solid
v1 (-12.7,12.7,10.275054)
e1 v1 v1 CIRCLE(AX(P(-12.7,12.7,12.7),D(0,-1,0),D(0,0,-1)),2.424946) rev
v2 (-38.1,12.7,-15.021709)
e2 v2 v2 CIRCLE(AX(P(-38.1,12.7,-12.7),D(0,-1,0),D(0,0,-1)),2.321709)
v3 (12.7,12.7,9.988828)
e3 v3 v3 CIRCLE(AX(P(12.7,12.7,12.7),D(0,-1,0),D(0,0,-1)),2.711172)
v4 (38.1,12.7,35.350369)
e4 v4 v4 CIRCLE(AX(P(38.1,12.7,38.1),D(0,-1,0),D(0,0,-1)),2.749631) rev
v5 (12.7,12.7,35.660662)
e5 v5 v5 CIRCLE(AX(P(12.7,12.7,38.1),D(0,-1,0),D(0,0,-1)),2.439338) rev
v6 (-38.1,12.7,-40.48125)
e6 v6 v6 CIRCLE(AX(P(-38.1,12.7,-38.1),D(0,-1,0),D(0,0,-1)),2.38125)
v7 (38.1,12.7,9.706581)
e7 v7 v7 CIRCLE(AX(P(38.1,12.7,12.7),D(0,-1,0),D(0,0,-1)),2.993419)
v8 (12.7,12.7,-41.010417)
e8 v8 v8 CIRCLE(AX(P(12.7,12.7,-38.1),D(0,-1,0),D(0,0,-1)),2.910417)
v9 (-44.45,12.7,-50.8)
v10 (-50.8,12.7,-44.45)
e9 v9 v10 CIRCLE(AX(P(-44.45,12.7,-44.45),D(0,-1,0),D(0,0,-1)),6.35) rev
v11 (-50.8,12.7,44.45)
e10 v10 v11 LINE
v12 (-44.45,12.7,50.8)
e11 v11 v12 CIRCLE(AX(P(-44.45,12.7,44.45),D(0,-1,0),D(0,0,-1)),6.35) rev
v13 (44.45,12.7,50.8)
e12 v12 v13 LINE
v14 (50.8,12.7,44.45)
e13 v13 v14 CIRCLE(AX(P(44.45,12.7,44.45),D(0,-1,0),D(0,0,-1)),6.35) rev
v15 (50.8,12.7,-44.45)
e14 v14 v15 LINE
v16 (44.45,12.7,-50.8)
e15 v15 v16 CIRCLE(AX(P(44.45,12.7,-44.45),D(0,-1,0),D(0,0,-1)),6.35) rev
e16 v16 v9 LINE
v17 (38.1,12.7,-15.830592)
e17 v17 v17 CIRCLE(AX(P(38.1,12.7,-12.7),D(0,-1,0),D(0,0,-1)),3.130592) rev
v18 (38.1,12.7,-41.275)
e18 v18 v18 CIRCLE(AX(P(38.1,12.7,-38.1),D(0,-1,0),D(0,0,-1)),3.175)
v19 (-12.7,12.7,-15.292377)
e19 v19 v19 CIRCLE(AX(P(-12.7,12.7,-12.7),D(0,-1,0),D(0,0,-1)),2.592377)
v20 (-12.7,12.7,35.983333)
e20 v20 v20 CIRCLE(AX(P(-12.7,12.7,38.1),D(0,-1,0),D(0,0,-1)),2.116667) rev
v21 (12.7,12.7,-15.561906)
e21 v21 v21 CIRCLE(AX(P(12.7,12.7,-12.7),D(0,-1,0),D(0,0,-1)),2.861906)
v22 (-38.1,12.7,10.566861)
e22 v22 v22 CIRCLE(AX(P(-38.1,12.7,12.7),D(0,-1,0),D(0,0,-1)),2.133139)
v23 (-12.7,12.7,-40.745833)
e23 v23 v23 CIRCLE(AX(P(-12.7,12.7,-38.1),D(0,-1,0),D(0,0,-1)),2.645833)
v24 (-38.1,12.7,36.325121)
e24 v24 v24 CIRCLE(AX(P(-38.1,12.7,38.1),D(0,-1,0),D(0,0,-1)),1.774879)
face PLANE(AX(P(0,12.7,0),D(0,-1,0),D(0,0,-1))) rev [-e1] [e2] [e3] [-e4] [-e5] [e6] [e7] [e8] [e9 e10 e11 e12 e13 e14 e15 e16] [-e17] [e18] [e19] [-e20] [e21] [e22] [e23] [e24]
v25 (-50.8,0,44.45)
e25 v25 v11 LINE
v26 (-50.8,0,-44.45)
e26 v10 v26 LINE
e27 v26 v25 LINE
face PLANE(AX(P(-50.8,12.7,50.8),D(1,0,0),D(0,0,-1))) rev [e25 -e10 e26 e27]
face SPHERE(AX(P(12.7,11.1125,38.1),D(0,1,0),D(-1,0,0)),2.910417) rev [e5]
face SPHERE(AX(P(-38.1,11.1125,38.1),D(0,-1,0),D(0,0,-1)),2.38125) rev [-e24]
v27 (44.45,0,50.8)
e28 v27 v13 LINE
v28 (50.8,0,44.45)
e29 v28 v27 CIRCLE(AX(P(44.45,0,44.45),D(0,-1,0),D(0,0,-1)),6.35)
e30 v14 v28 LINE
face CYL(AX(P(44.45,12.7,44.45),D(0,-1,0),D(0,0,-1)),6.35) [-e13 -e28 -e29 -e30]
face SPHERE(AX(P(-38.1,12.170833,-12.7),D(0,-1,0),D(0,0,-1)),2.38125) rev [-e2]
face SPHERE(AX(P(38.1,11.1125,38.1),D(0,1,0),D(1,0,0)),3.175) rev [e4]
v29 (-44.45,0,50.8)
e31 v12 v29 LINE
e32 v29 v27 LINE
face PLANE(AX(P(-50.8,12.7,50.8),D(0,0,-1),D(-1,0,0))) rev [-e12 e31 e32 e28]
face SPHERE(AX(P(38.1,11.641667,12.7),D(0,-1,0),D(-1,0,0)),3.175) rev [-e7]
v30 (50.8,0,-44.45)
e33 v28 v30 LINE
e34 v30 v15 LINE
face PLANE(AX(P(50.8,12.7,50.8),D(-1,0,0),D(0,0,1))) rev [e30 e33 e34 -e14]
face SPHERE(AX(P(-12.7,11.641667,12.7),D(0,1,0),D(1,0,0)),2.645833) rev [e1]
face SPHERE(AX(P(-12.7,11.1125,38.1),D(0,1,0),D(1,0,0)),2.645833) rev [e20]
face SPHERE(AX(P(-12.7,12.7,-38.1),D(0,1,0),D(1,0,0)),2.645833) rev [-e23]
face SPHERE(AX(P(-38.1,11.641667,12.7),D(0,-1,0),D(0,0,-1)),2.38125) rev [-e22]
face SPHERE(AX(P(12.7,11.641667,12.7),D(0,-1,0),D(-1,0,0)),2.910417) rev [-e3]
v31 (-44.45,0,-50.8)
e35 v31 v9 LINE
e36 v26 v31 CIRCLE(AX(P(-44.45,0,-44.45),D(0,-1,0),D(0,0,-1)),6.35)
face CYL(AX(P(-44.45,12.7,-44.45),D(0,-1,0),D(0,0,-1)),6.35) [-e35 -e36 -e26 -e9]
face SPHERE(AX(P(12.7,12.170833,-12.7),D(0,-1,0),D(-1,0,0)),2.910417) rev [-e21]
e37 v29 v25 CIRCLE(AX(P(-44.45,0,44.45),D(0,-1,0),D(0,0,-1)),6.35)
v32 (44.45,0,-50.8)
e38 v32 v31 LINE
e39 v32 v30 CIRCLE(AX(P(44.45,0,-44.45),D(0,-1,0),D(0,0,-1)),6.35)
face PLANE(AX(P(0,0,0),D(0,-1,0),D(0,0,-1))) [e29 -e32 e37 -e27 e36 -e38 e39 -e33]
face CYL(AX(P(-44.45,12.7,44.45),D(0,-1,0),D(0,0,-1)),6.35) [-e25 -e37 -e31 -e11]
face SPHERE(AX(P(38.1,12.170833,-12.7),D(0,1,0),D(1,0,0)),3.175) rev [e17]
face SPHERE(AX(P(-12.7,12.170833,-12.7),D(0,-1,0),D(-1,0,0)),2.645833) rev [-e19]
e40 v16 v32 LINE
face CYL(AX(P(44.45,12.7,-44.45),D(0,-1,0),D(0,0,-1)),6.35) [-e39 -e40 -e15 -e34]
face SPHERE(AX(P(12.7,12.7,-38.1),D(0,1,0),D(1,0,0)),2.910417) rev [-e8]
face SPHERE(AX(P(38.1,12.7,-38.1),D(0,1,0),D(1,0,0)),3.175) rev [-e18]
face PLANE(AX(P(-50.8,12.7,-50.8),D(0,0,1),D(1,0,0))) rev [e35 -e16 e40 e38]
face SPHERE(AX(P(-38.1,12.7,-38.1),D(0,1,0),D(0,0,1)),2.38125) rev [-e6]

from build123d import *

# Parameters (mm, degrees)
SKETCH1_W           = 101.6
SKETCH1_H           = 101.6
BOSS_EXTRUDE1_DEPTH = 12.7
FILLET1_R           = 6.35


with BuildPart() as part:
    # Sketch1 → Boss-Extrude1 (new body)
    with BuildSketch(Plane(origin=(0, 0, 0), x_dir=(1, 0, 0), z_dir=(0, 1, 0))):
        Rectangle(SKETCH1_W, SKETCH1_H)
    extrude(amount=BOSS_EXTRUDE1_DEPTH)

    # Sketch3 → Cut-Revolve2 (revolve, cut)
    with BuildSketch(Plane.ZY.offset(38.1)):
        with BuildLine():
            Line((-38.1, 15.08125), (-38.1, 10.31875))
            ThreePointArc((-38.1, 10.31875), (-40.48125, 12.7), (-38.1, 15.08125))
        make_face()
    revolve(axis=Axis((-38.1, 13.335, -38.1), (0, -1, 0)), mode=Mode.SUBTRACT)

    # Sketch4 → Cut-Revolve3 (revolve, cut)
    with BuildSketch(Plane.ZY.offset(38.1)):
        with BuildLine():
            Line((38.1, 13.49375), (38.1, 8.73125))
            ThreePointArc((38.1, 8.73125), (40.48125, 11.1125), (38.1, 13.49375))
        make_face()
    revolve(axis=Axis((-38.1, -0.635, 38.1), (0, 1, 0)), mode=Mode.SUBTRACT)

    # Sketch5 → Cut-Revolve4 (revolve, cut)
    with BuildSketch(Plane.ZY.offset(38.1)):
        with BuildLine():
            Line((12.7, 14.022916667), (12.7, 9.260416667))
            ThreePointArc((12.7, 9.260416667), (15.08125, 11.641666667), (12.7, 14.022916667))
        make_face()
    revolve(axis=Axis((-38.1, -0.635, 12.7), (0, 1, 0)), mode=Mode.SUBTRACT)

    # Sketch6 → Cut-Revolve5 (revolve, cut)
    with BuildSketch(Plane.ZY.offset(38.1)):
        with BuildLine():
            Line((-12.7, 14.552083333), (-12.7, 9.789583333))
            ThreePointArc((-12.7, 9.789583333), (-10.31875, 12.170833333), (-12.7, 14.552083333))
        make_face()
    revolve(axis=Axis((-38.1, -0.635, -12.7), (0, 1, 0)), mode=Mode.SUBTRACT)

    # Sketch7 → Cut-Revolve6 (revolve, cut)
    with BuildSketch(Plane.XY.offset(-38.1)):
        with BuildLine():
            Line((-12.7, 15.345833329), (-12.7, 10.054166671))
            ThreePointArc((-12.7, 10.054166671), (-15.345833329, 12.7), (-12.7, 15.345833329))
        make_face()
    revolve(axis=Axis((-12.7, 13.335, -38.1), (0, -1, 0)), mode=Mode.SUBTRACT)

    # Sketch8 → Cut-Revolve7 (revolve, cut)
    with BuildSketch(Plane.XY.offset(-38.1)):
        with BuildLine():
            Line((12.7, 15.610416667), (12.7, 9.789583333))
            ThreePointArc((12.7, 9.789583333), (9.789583333, 12.7), (12.7, 15.610416667))
        make_face()
    revolve(axis=Axis((12.7, 13.335, -38.1), (0, -1, 0)), mode=Mode.SUBTRACT)

    # Sketch9 → Cut-Revolve8 (revolve, cut)
    with BuildSketch(Plane.XY.offset(-38.1)):
        with BuildLine():
            Line((38.1, 15.875), (38.1, 9.525))
            ThreePointArc((38.1, 9.525), (34.925, 12.7), (38.1, 15.875))
        make_face()
    revolve(axis=Axis((38.1, 13.335, -38.1), (0, -1, 0)), mode=Mode.SUBTRACT)

    # Sketch10 → Cut-Revolve9 (revolve, cut)
    with BuildSketch(Plane.XY.offset(-12.7)):
        with BuildLine():
            Line((-12.7, 14.816666666), (-12.7, 9.525))
            ThreePointArc((-12.7, 9.525), (-10.054166667, 12.170833333), (-12.7, 14.816666666))
        make_face()
    revolve(axis=Axis((-12.7, -0.635, -12.7), (0, 1, 0)), mode=Mode.SUBTRACT)

    # Sketch11 → Cut-Revolve10 (revolve, cut)
    with BuildSketch(Plane.XY.offset(-12.7)):
        with BuildLine():
            Line((12.7, 15.08125), (12.7, 9.260416667))
            ThreePointArc((12.7, 9.260416667), (15.610416667, 12.170833333), (12.7, 15.08125))
        make_face()
    revolve(axis=Axis((12.7, -0.635, -12.7), (0, 1, 0)), mode=Mode.SUBTRACT)

    # Sketch12 → Cut-Revolve11 (revolve, cut)
    with BuildSketch(Plane.XY.offset(-12.7)):
        with BuildLine():
            Line((38.1, 15.345833333), (38.1, 8.995833333))
            ThreePointArc((38.1, 8.995833333), (41.275, 12.170833333), (38.1, 15.345833333))
        make_face()
    revolve(axis=Axis((38.1, 13.335, -12.7), (0, -1, 0)), mode=Mode.SUBTRACT)

    # Sketch14 → Cut-Revolve12 (revolve, cut)
    with BuildSketch(Plane.XY.offset(12.7)):
        with BuildLine():
            Line((-12.7, 14.2875), (-12.7, 8.995833333))
            ThreePointArc((-12.7, 8.995833333), (-10.054166667, 11.641666667), (-12.7, 14.2875))
        make_face()
    revolve(axis=Axis((-12.7, 13.335, 12.7), (0, -1, 0)), mode=Mode.SUBTRACT)

    # Sketch15 → Cut-Revolve13 (revolve, cut)
    with BuildSketch(Plane.XY.offset(12.7)):
        with BuildLine():
            Line((12.7, 14.552083333), (12.7, 8.73125))
            ThreePointArc((12.7, 8.73125), (15.610416667, 11.641666667), (12.7, 14.552083333))
        make_face()
    revolve(axis=Axis((12.7, -0.635, 12.7), (0, 1, 0)), mode=Mode.SUBTRACT)

    # Sketch16 → Cut-Revolve14 (revolve, cut)
    with BuildSketch(Plane.XY.offset(12.7)):
        with BuildLine():
            Line((38.1, 14.816666667), (38.1, 8.466666667))
            ThreePointArc((38.1, 8.466666667), (41.275, 11.641666667), (38.1, 14.816666667))
        make_face()
    revolve(axis=Axis((38.1, -0.635, 12.7), (0, 1, 0)), mode=Mode.SUBTRACT)

    # Sketch17 → Cut-Revolve15 (revolve, cut)
    with BuildSketch(Plane.XY.offset(38.1)):
        with BuildLine():
            Line((-12.7, 13.758333333), (-12.7, 8.466666667))
            ThreePointArc((-12.7, 8.466666667), (-10.054166667, 11.1125), (-12.7, 13.758333333))
        make_face()
    revolve(axis=Axis((-12.7, 13.335, 38.1), (0, -1, 0)), mode=Mode.SUBTRACT)

    # Sketch18 → Cut-Revolve16 (revolve, cut)
    with BuildSketch(Plane.XY.offset(38.1)):
        with BuildLine():
            Line((12.7, 14.022916667), (12.7, 8.202083333))
            ThreePointArc((12.7, 8.202083333), (15.610416667, 11.1125), (12.7, 14.022916667))
        make_face()
    revolve(axis=Axis((12.7, 13.335, 38.1), (0, -1, 0)), mode=Mode.SUBTRACT)

    # Sketch19 → Cut-Revolve17 (revolve, cut)
    with BuildSketch(Plane.XY.offset(38.1)):
        with BuildLine():
            Line((38.1, 14.2875), (38.1, 7.9375))
            ThreePointArc((38.1, 7.9375), (41.275, 11.1125), (38.1, 14.2875))
        make_face()
    revolve(axis=Axis((38.1, 13.335, 38.1), (0, -1, 0)), mode=Mode.SUBTRACT)

    # Fillet1
    fillet1_edges = [part.edges().sort_by_distance(p)[0] for p in [
        (50.8, 6.35, 50.8),
        (-50.8, 6.35, 50.8),
        (-50.8, 6.35, -50.8),
        (50.8, 6.35, -50.8),
    ]]
    fillet(fillet1_edges, radius=FILLET1_R)


solid = part.part
